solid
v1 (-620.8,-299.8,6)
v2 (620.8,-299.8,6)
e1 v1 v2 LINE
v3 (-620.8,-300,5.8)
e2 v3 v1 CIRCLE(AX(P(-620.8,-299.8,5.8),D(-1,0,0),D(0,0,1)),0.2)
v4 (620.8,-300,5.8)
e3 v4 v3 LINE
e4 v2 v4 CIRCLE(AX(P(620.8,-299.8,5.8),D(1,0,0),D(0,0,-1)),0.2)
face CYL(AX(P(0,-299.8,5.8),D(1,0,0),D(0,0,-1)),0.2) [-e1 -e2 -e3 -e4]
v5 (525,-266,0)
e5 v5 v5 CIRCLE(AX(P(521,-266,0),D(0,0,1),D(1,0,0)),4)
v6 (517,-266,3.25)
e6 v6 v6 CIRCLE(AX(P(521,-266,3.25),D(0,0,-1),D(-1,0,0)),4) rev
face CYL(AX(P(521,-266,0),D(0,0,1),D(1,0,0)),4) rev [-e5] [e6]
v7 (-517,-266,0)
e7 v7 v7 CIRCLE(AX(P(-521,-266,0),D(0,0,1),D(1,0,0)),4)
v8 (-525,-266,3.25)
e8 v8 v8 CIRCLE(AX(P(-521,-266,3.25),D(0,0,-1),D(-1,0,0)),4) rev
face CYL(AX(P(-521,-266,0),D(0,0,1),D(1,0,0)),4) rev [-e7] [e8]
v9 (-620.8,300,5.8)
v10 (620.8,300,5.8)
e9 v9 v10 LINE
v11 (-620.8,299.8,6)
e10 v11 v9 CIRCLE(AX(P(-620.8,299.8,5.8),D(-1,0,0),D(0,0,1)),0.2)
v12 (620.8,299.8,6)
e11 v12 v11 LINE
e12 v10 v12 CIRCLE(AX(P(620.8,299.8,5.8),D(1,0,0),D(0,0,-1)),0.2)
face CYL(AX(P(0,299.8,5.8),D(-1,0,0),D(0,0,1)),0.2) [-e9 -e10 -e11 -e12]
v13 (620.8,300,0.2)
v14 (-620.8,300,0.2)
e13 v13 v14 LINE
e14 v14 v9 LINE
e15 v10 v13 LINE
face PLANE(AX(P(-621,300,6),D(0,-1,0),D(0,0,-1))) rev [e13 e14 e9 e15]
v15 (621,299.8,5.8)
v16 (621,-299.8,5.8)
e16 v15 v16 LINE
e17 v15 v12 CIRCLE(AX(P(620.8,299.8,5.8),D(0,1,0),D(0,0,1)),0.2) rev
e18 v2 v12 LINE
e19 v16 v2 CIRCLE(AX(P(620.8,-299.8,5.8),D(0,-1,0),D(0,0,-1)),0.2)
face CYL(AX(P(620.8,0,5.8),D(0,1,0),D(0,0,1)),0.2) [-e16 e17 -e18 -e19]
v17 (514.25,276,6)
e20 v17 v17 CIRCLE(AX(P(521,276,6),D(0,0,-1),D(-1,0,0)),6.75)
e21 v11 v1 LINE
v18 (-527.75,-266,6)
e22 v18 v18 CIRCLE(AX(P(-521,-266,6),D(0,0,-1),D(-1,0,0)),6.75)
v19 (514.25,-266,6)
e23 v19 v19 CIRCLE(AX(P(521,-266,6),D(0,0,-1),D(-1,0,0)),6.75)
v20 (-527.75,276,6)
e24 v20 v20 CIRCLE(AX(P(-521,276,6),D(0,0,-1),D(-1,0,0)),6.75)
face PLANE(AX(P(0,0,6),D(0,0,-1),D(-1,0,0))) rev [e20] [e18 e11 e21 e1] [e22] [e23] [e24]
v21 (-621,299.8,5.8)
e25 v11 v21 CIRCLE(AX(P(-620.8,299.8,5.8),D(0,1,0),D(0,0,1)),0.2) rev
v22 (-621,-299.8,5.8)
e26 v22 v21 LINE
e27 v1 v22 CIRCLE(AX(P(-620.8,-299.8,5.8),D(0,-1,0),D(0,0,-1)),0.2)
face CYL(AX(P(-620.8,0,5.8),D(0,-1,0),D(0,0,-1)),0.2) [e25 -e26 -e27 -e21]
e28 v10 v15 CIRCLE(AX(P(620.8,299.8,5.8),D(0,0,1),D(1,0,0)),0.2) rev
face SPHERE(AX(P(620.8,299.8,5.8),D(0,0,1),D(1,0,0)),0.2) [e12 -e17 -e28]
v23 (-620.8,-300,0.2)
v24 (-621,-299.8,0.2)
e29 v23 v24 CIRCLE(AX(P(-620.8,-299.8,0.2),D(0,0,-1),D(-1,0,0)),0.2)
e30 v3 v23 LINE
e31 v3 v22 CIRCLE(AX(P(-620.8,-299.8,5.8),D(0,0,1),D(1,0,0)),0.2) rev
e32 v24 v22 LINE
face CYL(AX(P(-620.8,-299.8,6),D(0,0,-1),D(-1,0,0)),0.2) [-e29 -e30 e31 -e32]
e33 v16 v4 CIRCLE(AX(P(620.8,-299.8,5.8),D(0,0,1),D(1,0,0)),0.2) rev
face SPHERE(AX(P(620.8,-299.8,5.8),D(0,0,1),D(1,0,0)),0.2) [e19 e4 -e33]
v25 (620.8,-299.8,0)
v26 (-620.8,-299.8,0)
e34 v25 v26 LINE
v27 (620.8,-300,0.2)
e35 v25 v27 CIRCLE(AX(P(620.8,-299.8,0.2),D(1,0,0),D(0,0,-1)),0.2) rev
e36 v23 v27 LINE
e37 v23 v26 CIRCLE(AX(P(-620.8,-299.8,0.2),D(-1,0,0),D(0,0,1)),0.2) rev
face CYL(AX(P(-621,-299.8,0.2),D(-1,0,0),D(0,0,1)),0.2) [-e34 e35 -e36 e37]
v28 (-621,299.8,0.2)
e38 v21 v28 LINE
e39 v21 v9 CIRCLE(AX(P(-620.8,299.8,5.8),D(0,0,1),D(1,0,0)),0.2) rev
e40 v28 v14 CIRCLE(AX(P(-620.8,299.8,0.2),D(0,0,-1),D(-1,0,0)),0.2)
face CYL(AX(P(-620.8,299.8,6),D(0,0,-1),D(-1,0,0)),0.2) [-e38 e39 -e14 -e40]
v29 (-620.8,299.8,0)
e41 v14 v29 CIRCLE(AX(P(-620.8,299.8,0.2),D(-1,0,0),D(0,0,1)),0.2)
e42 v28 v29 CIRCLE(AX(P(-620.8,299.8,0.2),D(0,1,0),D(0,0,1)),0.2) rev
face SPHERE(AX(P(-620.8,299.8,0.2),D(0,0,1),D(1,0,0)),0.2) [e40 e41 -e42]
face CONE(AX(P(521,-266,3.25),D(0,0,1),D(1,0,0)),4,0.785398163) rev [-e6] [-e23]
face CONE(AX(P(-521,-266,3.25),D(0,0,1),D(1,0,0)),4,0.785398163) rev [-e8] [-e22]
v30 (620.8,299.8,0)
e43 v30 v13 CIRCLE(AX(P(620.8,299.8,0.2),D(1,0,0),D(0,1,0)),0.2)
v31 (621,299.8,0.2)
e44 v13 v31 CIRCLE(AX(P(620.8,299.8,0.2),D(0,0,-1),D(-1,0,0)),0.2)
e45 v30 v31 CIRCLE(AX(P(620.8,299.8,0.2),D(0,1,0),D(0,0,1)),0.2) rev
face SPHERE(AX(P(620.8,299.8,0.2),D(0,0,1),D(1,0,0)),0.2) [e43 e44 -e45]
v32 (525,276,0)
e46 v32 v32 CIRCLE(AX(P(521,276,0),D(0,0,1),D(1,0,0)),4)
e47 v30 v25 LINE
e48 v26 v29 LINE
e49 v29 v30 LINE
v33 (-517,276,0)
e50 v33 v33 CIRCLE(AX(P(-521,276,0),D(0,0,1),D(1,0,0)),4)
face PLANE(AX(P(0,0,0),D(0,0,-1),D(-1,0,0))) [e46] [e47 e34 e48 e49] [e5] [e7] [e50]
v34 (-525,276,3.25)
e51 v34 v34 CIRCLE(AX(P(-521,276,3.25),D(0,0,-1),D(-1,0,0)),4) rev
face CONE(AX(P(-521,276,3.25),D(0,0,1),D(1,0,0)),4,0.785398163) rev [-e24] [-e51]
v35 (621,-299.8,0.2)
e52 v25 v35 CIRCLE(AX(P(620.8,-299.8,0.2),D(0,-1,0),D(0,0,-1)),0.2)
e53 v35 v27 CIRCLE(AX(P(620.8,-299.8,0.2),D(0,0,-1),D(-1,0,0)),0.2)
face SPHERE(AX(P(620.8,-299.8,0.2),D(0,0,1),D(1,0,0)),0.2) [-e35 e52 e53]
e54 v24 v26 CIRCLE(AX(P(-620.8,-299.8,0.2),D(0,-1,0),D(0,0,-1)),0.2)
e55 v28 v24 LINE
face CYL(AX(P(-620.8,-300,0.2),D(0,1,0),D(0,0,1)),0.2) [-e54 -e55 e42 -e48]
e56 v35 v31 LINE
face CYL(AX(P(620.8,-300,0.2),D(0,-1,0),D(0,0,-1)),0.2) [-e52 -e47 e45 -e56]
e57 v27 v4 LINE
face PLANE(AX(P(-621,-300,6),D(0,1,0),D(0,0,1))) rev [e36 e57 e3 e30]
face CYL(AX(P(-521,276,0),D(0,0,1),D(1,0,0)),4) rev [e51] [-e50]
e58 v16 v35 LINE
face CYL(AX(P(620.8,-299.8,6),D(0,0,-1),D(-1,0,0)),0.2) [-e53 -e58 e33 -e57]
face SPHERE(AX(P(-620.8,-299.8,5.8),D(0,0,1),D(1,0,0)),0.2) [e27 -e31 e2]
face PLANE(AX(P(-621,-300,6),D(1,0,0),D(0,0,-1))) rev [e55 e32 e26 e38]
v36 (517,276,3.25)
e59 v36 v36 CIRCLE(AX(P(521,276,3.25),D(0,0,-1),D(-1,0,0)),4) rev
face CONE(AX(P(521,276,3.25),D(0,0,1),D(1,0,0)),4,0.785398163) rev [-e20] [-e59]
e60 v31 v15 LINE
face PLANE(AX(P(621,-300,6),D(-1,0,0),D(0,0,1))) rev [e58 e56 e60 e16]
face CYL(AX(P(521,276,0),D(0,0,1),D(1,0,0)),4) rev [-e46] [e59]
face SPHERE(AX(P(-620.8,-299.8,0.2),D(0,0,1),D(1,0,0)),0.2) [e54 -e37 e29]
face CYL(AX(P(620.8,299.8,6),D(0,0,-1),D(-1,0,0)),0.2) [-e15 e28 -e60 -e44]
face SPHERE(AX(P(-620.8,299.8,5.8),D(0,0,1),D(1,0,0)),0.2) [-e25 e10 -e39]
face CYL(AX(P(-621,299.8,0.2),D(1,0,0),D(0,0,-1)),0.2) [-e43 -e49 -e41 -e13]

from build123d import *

# Parameters (mm, degrees)
SKETCH1_W           = 1242
SKETCH1_H           = 600
BOSS_EXTRUDE1_DEPTH = 6
SKETCH2_R           = 4
CUT_EXTRUDE1_DEPTH  = 7
CHAMFER1_SIZE       = 2.75
FILLET1_R           = 0.2


with BuildPart() as part:
    # Sketch1 → Boss-Extrude1 (new body)
    with BuildSketch(Plane.XY):
        Rectangle(SKETCH1_W, SKETCH1_H)
    extrude(amount=BOSS_EXTRUDE1_DEPTH)

    # Sketch2 → Cut-Extrude1 (cut, through all)
    with BuildSketch(Plane.XY.offset(6)):
        with Locations((-521, 276)):
            Circle(SKETCH2_R)
        with Locations((521, 276)):
            Circle(SKETCH2_R)
        with Locations((521, -266)):
            Circle(SKETCH2_R)
        with Locations((-521, -266)):
            Circle(SKETCH2_R)
    extrude(amount=-CUT_EXTRUDE1_DEPTH, mode=Mode.SUBTRACT)

    # Chamfer1
    chamfer1_edges = [part.edges().sort_by_distance(p)[0] for p in [
        (-525, 276, 6),
        (517, 276, 6),
        (517, -266, 6),
        (-525, -266, 6),
    ]]
    chamfer(chamfer1_edges, length=CHAMFER1_SIZE)

    # Fillet1
    fillet1_edges = [part.edges().sort_by_distance(p)[0] for p in [
        (-621, 0, 6),
        (0, -300, 6),
        (621, 0, 6),
        (0, -300, 0),
        (-621, 0, 0),
        (0, 300, 0),
        (621, 0, 0),
        (0, 300, 6),
        (621, -300, 3),
        (-621, -300, 3),
        (-621, 300, 3),
        (621, 300, 3),
    ]]
    fillet(fillet1_edges, radius=FILLET1_R)


solid = part.part
